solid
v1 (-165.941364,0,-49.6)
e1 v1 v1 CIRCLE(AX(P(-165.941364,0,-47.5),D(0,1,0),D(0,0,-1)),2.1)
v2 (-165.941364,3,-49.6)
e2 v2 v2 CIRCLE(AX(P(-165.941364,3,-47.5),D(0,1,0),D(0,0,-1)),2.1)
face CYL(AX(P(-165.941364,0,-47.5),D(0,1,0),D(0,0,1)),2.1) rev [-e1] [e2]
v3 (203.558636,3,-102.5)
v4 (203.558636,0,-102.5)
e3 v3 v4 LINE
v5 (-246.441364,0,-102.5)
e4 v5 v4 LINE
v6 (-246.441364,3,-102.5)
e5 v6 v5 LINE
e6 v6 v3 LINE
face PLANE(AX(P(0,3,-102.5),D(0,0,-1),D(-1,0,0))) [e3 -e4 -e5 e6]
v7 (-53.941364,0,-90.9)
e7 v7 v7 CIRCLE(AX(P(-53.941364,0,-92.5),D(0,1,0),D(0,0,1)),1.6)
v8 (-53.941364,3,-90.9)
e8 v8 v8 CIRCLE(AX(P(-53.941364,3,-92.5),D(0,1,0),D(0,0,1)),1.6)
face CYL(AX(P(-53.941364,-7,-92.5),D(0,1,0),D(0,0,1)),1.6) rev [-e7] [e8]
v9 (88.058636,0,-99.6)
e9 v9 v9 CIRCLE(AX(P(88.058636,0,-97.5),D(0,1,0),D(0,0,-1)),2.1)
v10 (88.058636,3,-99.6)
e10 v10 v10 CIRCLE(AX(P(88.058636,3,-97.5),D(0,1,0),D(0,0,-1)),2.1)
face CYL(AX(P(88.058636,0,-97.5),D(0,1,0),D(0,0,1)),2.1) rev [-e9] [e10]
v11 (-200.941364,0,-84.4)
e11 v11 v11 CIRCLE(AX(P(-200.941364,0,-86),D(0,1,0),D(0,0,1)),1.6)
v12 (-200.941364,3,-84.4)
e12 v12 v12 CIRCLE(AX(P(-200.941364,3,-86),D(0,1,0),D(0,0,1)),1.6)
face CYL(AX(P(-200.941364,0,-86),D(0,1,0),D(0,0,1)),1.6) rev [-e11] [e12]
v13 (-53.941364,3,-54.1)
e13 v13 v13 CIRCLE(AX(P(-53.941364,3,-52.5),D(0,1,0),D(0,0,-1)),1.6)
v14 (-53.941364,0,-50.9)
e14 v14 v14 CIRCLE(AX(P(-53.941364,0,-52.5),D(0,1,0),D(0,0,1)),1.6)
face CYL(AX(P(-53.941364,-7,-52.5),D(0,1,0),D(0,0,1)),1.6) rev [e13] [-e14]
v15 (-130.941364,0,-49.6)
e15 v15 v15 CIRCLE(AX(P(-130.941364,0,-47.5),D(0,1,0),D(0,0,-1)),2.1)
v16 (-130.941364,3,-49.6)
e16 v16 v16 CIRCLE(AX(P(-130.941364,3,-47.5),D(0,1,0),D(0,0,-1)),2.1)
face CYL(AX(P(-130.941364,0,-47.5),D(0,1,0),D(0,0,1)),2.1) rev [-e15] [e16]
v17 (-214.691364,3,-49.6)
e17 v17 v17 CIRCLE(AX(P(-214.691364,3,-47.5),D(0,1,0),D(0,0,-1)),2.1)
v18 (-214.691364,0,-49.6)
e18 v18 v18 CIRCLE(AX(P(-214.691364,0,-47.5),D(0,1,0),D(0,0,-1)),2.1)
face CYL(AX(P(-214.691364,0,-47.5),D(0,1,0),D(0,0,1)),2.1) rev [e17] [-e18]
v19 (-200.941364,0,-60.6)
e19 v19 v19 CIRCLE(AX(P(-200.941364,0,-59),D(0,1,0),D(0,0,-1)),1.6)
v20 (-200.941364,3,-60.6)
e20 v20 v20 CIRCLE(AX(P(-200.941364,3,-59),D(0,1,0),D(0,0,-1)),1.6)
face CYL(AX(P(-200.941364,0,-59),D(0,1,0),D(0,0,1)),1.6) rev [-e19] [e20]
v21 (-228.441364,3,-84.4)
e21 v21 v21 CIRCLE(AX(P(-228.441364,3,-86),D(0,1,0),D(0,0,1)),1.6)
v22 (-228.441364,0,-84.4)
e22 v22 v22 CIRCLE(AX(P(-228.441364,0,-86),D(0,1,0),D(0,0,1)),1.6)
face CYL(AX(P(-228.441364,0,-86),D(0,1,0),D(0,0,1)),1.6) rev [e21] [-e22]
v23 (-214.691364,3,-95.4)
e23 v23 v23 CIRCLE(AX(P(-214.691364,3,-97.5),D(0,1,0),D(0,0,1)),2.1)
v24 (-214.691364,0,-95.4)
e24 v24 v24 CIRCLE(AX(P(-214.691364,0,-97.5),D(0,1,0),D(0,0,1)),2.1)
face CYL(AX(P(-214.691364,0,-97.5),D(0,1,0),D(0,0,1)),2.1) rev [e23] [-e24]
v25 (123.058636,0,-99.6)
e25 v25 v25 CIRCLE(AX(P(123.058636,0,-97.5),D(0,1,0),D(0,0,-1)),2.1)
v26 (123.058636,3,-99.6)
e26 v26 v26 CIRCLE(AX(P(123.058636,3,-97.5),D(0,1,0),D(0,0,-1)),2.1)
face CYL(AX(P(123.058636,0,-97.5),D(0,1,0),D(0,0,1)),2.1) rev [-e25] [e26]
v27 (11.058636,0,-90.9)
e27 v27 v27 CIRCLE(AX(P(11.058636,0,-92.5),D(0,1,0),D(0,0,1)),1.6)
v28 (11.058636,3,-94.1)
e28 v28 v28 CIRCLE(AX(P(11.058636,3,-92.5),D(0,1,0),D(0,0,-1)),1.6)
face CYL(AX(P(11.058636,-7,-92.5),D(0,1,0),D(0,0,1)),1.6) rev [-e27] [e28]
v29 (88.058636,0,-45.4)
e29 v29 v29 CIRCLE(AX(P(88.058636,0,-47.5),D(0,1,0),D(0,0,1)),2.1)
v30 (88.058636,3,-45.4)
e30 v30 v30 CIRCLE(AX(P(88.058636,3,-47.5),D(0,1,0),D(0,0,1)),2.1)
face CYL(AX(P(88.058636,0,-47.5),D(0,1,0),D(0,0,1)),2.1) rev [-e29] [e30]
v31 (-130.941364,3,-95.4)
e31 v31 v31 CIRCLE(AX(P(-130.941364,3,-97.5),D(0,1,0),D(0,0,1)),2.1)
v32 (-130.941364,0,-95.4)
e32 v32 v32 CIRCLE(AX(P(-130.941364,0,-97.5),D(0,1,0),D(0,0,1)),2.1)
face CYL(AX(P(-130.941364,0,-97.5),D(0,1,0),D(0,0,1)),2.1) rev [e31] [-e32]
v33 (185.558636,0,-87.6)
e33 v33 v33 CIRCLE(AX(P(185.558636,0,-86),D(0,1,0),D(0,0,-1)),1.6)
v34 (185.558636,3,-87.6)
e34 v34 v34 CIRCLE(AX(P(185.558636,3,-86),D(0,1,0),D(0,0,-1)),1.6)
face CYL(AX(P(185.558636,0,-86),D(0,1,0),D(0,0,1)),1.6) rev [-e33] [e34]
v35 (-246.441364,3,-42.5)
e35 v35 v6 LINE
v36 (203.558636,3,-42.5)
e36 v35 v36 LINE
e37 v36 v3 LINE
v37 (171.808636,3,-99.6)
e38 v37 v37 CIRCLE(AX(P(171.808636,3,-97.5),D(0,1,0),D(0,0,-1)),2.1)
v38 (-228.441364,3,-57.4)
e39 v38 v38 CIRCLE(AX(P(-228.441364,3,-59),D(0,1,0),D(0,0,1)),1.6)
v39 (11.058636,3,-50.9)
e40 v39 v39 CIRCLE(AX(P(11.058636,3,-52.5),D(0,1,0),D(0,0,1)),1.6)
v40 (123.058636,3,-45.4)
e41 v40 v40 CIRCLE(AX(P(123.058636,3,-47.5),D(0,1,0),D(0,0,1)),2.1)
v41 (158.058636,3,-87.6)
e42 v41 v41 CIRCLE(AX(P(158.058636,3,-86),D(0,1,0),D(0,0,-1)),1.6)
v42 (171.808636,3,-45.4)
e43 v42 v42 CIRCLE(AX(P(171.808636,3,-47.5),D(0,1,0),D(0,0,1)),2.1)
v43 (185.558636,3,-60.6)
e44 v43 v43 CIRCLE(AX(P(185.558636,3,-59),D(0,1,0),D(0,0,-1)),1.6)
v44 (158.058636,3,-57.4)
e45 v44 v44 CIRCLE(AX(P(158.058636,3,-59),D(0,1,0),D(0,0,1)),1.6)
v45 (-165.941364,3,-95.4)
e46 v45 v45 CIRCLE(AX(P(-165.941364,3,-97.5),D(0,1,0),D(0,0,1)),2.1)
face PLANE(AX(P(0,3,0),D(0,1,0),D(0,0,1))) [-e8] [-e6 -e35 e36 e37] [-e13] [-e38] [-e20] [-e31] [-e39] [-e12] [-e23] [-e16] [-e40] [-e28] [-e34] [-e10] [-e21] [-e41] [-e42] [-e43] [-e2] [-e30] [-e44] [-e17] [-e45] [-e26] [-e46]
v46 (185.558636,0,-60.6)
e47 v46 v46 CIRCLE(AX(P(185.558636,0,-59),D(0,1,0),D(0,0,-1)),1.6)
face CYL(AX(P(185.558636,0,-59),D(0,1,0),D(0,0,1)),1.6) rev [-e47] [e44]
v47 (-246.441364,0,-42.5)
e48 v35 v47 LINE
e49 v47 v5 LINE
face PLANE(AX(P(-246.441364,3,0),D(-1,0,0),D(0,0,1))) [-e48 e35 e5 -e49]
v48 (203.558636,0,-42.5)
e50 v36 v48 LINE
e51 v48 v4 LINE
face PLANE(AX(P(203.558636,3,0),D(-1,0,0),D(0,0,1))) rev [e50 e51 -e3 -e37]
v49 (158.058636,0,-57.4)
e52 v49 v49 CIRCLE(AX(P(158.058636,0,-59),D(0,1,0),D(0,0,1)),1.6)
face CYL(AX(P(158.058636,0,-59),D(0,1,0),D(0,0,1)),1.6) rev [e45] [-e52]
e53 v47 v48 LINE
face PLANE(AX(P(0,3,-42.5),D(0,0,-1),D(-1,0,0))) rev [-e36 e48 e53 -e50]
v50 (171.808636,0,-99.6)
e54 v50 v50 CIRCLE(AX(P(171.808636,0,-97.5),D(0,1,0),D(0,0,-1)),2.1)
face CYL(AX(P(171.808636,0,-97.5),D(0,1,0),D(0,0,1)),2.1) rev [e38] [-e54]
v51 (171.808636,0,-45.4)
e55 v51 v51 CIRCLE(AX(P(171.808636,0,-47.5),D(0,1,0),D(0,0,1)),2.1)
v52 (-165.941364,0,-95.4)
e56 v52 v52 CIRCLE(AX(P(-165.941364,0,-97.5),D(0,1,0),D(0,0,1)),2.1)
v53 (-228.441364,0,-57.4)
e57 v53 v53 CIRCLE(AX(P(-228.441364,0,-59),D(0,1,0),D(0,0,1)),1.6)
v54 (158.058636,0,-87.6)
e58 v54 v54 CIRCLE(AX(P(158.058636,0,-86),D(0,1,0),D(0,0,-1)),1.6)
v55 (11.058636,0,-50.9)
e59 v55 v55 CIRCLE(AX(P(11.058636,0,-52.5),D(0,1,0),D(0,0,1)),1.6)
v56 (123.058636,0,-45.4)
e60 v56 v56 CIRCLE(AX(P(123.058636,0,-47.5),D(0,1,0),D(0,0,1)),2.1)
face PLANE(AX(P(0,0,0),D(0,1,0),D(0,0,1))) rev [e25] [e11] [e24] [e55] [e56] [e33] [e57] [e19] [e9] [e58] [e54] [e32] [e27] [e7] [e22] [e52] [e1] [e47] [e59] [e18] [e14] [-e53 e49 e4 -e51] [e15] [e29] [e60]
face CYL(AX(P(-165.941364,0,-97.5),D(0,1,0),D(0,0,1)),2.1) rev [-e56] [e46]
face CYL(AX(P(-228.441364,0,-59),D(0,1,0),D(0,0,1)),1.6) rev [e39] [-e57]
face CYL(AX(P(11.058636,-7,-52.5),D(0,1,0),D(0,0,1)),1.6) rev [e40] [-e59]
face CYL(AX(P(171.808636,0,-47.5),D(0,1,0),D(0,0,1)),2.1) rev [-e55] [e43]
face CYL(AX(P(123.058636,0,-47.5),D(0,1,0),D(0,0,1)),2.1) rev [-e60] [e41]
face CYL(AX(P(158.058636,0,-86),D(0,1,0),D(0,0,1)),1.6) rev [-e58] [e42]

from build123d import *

# Parameters (mm, degrees)
SKETCH_1_W             = 450
SKETCH_1_H             = 60
EXTRUDE_1_DEPTH        = 3
SKETCH_2_R             = 1.6
SKETCH_2_R_2           = 2.1
CUT_EXTRUDE_1_DEPTH    = 267.924326413
SKETCH_3_R             = 1.6
CUT_EXTRUDE_1724_DEPTH = 10


with BuildPart() as part:
    # 草图1 → 凸台-拉伸1 (new body)
    with BuildSketch(Plane(origin=(0, 0, 0), x_dir=(1, 0, 0), z_dir=(0, 1, 0))):
        with Locations((-21.441364286, 72.5)):
            Rectangle(SKETCH_1_W, SKETCH_1_H)
    extrude(amount=EXTRUDE_1_DEPTH)

    # 草图2 → 切除-拉伸1 (cut, through all)
    with BuildSketch(Plane(origin=(0, 3, 0), x_dir=(1, 0, 0), z_dir=(0, 1, 0))):
        with Locations(Location((-228.441364286, 86, 0), (0, 0, 270))):
            Circle(SKETCH_2_R)
        with Locations(Location((-228.441364286, 59, 0), (0, 0, 270))):
            Circle(SKETCH_2_R)
        with Locations(Location((-200.941364286, 86, 0), (0, 0, 270))):
            Circle(SKETCH_2_R)
        with Locations(Location((-200.941364286, 59, 0), (0, 0, 90))):
            Circle(SKETCH_2_R)
        with Locations(Location((-130.941364286, 97.5, 0), (0, 0, 270))):
            Circle(SKETCH_2_R_2)
        with Locations(Location((-165.941364286, 97.5, 0), (0, 0, 270))):
            Circle(SKETCH_2_R_2)
        with Locations(Location((-130.941364286, 47.5, 0), (0, 0, 90))):
            Circle(SKETCH_2_R_2)
        with Locations(Location((-165.941364286, 47.5, 0), (0, 0, 90))):
            Circle(SKETCH_2_R_2)
        with Locations(Location((-214.691364286, 97.5, 0), (0, 0, 270))):
            Circle(SKETCH_2_R_2)
        with Locations(Location((-214.691364286, 47.5, 0), (0, 0, 90))):
            Circle(SKETCH_2_R_2)
        with Locations(Location((158.058635714, 86, 0), (0, 0, 90))):
            Circle(SKETCH_2_R)
        with Locations(Location((171.808635714, 47.5, 0), (0, 0, 270))):
            Circle(SKETCH_2_R_2)
        with Locations(Location((185.558635714, 59, 0), (0, 0, 90))):
            Circle(SKETCH_2_R)
        with Locations(Location((158.058635714, 59, 0), (0, 0, 270))):
            Circle(SKETCH_2_R)
        with Locations(Location((123.058635714, 47.5, 0), (0, 0, 270))):
            Circle(SKETCH_2_R_2)
        with Locations(Location((88.058635714, 47.5, 0), (0, 0, 270))):
            Circle(SKETCH_2_R_2)
        with Locations(Location((88.058635714, 97.5, 0), (0, 0, 90))):
            Circle(SKETCH_2_R_2)
        with Locations(Location((123.058635714, 97.5, 0), (0, 0, 90))):
            Circle(SKETCH_2_R_2)
        with Locations(Location((171.808635714, 97.5, 0), (0, 0, 90))):
            Circle(SKETCH_2_R_2)
        with Locations(Location((185.558635714, 86, 0), (0, 0, 90))):
            Circle(SKETCH_2_R)
    extrude(amount=-CUT_EXTRUDE_1_DEPTH, mode=Mode.SUBTRACT)

    # 草图3 → Cut-Extrude 1724 (cut)
    with BuildSketch(Plane(origin=(0, 3, 0), x_dir=(1, 0, 0), z_dir=(0, 1, 0))):
        with Locations(Location((-53.941364286, 92.5, 0), (0, 0, 270))):
            Circle(SKETCH_3_R)
        with Locations(Location((11.058635714, 92.5, 0), (0, 0, 270))):
            Circle(SKETCH_3_R)
        with Locations(Location((11.058635714, 52.5, 0), (0, 0, 270))):
            Circle(SKETCH_3_R)
        with Locations(Location((-53.941364286, 52.5, 0), (0, 0, 270))):
            Circle(SKETCH_3_R)
    extrude(amount=-CUT_EXTRUDE_1724_DEPTH, mode=Mode.SUBTRACT)


solid = part.part
